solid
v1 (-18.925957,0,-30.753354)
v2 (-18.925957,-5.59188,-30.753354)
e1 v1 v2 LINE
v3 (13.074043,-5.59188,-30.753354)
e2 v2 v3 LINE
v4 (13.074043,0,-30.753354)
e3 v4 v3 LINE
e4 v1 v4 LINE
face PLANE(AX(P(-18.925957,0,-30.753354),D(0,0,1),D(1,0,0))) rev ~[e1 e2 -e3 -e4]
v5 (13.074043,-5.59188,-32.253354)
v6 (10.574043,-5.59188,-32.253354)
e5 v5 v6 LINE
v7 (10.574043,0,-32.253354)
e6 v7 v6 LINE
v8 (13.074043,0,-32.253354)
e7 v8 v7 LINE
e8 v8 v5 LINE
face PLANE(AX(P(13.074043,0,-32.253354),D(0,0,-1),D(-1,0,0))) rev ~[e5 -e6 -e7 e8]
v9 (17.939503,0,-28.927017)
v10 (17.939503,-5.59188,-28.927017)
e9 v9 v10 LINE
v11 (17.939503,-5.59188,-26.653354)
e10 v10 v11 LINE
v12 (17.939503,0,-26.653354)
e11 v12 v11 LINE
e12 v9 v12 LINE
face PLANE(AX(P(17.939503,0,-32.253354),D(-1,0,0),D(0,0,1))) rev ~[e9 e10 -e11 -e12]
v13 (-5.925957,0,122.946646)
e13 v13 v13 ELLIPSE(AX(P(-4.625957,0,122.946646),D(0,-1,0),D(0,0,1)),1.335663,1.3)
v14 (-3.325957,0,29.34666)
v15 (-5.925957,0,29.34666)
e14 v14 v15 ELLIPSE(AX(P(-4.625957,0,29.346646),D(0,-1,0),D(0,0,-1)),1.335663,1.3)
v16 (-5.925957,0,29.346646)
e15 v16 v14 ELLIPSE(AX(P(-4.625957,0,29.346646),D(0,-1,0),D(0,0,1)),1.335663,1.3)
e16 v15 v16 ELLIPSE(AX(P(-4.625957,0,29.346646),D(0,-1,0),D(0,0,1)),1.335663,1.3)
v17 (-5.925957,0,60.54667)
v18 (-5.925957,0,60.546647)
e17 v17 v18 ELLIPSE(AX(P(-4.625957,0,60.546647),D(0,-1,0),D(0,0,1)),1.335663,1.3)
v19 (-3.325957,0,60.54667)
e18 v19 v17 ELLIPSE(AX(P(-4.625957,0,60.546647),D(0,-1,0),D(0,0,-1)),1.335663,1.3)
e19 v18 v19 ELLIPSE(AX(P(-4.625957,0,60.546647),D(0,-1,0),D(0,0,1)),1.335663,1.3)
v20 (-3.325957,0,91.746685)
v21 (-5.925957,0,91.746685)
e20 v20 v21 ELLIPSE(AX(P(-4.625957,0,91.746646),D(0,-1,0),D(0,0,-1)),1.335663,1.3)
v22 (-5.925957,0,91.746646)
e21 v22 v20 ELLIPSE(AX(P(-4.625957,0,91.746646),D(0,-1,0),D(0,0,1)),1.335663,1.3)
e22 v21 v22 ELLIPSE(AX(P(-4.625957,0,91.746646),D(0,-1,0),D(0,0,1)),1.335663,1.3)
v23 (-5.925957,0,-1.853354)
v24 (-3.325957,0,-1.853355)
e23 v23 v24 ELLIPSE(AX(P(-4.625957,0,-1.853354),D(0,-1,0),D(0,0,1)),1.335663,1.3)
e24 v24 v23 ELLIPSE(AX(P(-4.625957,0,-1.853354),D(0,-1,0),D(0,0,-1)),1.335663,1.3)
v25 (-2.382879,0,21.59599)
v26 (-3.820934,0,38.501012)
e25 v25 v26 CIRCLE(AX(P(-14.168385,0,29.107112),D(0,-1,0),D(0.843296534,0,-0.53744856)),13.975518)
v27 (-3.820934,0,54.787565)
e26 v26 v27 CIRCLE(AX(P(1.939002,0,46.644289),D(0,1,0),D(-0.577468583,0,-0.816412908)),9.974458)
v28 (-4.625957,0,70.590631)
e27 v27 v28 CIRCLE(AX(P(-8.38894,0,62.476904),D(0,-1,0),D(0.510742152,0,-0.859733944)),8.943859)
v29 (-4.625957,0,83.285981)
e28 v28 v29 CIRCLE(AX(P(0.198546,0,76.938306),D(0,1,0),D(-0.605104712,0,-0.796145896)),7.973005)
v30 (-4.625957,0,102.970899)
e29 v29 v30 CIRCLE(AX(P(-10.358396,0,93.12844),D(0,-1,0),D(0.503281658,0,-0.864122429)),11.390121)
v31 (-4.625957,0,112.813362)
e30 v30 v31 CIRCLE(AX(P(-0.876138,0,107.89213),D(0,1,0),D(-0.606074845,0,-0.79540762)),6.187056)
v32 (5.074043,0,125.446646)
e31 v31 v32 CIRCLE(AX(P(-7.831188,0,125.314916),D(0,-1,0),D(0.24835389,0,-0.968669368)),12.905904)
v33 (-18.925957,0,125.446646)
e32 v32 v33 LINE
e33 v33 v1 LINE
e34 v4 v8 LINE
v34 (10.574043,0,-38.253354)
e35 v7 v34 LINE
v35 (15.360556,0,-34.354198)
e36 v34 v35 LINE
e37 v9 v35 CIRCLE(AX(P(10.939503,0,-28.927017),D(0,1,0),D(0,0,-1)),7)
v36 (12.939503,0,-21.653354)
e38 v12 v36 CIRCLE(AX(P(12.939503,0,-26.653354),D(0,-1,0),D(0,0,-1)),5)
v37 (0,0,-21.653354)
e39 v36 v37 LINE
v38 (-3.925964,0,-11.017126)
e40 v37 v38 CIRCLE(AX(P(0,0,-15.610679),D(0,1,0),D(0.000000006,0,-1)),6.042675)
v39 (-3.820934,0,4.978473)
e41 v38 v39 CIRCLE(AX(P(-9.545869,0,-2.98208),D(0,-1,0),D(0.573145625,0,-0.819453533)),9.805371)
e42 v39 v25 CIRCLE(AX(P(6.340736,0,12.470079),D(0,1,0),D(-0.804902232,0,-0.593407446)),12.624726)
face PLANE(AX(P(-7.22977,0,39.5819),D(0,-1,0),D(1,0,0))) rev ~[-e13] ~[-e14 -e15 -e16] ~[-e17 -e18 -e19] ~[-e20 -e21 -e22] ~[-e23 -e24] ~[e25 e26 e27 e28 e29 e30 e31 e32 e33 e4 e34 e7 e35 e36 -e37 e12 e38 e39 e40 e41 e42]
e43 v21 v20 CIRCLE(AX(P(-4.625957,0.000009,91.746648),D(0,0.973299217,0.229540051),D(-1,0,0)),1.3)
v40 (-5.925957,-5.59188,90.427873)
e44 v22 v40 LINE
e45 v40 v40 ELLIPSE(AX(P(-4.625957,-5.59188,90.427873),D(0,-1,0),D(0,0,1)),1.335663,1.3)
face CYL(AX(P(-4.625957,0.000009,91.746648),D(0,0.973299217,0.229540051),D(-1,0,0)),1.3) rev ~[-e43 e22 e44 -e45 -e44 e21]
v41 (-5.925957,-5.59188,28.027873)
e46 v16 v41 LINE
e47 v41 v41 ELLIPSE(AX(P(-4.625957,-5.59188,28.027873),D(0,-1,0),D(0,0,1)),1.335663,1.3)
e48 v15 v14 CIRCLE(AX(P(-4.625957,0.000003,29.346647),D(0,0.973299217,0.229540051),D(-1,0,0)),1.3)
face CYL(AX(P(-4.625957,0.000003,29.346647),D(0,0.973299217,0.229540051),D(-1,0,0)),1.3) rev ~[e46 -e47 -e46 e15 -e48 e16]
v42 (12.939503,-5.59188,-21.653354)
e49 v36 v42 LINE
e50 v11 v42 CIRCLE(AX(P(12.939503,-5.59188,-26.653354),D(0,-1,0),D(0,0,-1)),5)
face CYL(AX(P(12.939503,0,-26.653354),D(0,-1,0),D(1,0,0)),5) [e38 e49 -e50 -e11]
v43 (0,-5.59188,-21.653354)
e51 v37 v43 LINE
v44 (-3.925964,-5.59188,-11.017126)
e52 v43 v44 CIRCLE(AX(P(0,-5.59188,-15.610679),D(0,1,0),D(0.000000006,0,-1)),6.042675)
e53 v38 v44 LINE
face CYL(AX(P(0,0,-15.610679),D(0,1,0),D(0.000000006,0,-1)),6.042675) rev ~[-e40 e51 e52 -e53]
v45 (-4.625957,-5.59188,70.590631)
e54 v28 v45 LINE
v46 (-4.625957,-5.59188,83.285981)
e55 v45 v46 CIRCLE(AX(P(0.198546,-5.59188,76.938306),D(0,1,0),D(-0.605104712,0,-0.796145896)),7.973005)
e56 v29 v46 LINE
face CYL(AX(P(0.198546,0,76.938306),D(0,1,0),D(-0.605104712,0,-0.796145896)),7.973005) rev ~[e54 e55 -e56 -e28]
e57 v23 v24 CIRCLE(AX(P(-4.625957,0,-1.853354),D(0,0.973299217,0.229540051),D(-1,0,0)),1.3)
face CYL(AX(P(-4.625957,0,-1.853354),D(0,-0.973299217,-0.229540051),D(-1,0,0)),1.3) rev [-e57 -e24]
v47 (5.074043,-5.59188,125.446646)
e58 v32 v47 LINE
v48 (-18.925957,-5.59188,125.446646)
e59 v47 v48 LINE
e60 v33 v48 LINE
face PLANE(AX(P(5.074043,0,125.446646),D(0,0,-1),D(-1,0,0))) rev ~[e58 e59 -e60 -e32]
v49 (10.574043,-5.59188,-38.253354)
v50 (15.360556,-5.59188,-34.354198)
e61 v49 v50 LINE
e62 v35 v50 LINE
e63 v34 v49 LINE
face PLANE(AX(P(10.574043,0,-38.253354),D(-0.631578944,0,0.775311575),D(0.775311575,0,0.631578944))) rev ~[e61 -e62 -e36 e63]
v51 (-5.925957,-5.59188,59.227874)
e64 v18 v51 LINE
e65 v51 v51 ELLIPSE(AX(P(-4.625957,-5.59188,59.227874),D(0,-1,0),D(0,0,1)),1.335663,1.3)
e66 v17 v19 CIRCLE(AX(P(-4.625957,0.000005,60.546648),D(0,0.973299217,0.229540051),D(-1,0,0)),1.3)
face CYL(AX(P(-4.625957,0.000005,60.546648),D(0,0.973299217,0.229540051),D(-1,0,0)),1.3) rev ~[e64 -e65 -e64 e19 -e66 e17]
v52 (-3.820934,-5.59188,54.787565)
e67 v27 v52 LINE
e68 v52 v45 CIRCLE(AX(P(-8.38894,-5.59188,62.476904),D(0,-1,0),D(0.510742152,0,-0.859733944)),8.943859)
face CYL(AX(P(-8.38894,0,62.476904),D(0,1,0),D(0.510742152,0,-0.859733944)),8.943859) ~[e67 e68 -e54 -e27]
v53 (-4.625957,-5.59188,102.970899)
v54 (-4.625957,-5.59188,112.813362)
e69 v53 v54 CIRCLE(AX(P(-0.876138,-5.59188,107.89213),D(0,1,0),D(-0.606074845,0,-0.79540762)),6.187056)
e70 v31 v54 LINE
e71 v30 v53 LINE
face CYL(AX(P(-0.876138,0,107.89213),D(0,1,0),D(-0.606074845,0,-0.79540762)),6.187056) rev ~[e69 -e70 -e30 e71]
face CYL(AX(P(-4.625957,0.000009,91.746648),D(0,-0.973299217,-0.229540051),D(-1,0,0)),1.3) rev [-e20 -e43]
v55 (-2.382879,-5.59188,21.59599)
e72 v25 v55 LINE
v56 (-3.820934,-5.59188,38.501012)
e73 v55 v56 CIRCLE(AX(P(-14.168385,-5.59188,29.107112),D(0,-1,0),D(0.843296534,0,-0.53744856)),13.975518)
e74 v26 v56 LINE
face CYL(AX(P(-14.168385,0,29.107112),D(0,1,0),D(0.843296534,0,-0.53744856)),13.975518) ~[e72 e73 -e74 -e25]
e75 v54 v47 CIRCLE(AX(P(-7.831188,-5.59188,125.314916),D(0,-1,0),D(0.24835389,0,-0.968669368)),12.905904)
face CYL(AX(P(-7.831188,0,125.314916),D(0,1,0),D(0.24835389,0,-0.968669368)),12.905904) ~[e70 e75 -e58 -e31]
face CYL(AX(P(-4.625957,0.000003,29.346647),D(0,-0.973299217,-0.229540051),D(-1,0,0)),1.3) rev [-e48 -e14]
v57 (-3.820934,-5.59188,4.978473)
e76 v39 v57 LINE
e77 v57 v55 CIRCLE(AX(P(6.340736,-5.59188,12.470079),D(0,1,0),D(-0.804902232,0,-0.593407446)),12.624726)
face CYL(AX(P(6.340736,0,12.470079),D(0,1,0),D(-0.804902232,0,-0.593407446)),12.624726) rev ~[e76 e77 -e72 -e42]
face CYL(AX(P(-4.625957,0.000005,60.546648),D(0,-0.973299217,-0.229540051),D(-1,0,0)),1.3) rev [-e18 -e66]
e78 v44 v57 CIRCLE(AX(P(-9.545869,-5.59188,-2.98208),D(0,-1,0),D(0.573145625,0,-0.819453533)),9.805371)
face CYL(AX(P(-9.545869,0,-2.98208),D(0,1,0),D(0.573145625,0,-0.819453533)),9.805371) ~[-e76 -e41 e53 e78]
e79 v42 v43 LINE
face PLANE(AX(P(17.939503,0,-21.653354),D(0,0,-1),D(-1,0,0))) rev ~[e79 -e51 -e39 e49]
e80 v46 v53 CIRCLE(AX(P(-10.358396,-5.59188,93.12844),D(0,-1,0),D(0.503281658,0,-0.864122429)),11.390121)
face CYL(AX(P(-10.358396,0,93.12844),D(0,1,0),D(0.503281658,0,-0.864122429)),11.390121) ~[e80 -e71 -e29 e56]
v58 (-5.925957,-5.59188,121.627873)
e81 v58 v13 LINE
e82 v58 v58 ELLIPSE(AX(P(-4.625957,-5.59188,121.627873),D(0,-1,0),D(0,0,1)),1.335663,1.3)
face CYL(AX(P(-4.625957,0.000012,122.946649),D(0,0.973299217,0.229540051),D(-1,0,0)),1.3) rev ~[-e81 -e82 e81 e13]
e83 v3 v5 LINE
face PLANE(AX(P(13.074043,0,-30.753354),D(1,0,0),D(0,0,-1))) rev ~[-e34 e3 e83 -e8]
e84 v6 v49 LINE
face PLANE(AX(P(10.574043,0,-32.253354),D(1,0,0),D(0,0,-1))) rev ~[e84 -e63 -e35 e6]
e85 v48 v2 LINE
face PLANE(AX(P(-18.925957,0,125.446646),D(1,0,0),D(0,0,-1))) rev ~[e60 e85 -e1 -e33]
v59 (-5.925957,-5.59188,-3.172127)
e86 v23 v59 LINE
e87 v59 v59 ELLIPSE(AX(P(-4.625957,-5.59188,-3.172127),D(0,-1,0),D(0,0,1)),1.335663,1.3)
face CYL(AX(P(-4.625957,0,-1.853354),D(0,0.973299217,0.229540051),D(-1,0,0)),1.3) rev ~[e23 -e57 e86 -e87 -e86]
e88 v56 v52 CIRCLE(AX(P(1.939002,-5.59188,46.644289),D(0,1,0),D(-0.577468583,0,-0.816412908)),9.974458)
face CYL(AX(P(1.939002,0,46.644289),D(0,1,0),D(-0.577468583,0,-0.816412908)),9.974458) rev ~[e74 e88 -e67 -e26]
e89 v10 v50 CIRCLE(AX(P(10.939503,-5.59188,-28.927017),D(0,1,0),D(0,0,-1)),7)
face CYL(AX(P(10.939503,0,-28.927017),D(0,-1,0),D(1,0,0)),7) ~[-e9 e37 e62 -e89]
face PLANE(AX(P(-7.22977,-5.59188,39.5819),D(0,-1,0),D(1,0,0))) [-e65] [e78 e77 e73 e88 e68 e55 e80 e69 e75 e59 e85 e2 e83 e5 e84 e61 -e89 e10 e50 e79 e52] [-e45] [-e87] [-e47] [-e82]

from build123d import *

# Parameters (mm, degrees)
F11_DEPTH = 5.59188
F4_R      = 1.3
F5_R      = 1.3
F9_R      = 1.3
F6_R      = 1.3
F10_R     = 1.3
F12_DEPTH = 12.5
F13_R     = 5
F14_R     = 7


with BuildPart() as f11:
    # F0 (on Front) → F11 (new body)
    with BuildSketch(Plane.XZ):
        with BuildLine():
            Line((5.074043, 125.446646), (-18.925957, 125.446646))
            Line((-18.925957, 125.446646), (-18.925957, -30.753354))
            Line((-18.925957, -30.753354), (13.074043, -30.753354))
            Line((13.074043, -30.753354), (13.074043, -32.253354))
            Line((13.074043, -32.253354), (10.574043, -32.253354))
            Line((10.574043, -32.253354), (10.574043, -38.253354))
            Line((10.574043, -38.253354), (17.939503, -32.253354))
            Line((17.939503, -32.253354), (17.939503, -21.653354))
            Line((17.939503, -21.653354), (0, -21.653354))
            ThreePointArc((0, -21.653354), (-5.66883, -17.703115), (-3.925964, -11.017126))
            ThreePointArc((-3.925964, -11.017126), (0.25929, -3.046463), (-3.820934, 4.978473))
            ThreePointArc((-3.820934, 4.978473), (-6.236981, 13.558536), (-2.382879, 21.59599))
            ThreePointArc((-2.382879, 21.59599), (-0.24316, 30.291685), (-3.820934, 38.501012))
            ThreePointArc((-3.820934, 38.501012), (-8.035456, 46.644288), (-3.820934, 54.787565))
            ThreePointArc((-3.820934, 54.787565), (0.543337, 62.931922), (-4.625957, 70.590631))
            ThreePointArc((-4.625957, 70.590631), (-7.774459, 76.938306), (-4.625957, 83.285981))
            ThreePointArc((-4.625957, 83.285981), (1.031725, 93.12844), (-4.625957, 102.970899))
            ThreePointArc((-4.625957, 102.970899), (-7.063194, 107.892131), (-4.625957, 112.813362))
            ThreePointArc((-4.625957, 112.813362), (2.40535, 117.455168), (5.074043, 125.446646))
        make_face()
    extrude(amount=F11_DEPTH)

    # F4 (on face) + F5 (on face) + F9 (on face) + F6 (on face) + F10 (on face) → F12 (cut, symmetric)
    with BuildSketch(Plane(origin=(0, -0.41406, -0.097651), x_dir=(-1, 0, 0), z_dir=(0, 0.973299, 0.22954))):
        with Locations((4.625957, -1.803868)):
            Circle(F4_R)
    with BuildSketch(Plane(origin=(0, 6.556371, 1.546236), x_dir=(-1, 0, 0), z_dir=(0, 0.973299, 0.22954))):
        with Locations((4.625957, 28.563067)):
            Circle(F5_R)
    with BuildSketch(Plane(origin=(0, 20.497232, 4.83401), x_dir=(-1, 0, 0), z_dir=(0, 0.973299, 0.22954))):
        with Locations((4.625957, 89.296936)):
            Circle(F9_R)
    with BuildSketch(Plane(origin=(0, 13.526801, 3.190123), x_dir=(-1, 0, 0), z_dir=(0, 0.973299, 0.22954))):
        with Locations((4.625957, 58.930002)):
            Circle(F6_R)
    with BuildSketch(Plane(origin=(0, 27.467663, 6.477897), x_dir=(-1, 0, 0), z_dir=(0, 0.973299, 0.22954))):
        with Locations((4.625957, 119.663871)):
            Circle(F10_R)
    extrude(amount=F12_DEPTH, both=True, mode=Mode.SUBTRACT)

    # F13
    f13_edges = [f11.edges().sort_by_distance(p)[0] for p in [
        (17.939503, -2.79594, -21.653354),
    ]]
    fillet(f13_edges, radius=F13_R)

    # F14
    f14_edges = [f11.edges().sort_by_distance(p)[0] for p in [
        (17.939503, -2.79594, -32.253354),
    ]]
    fillet(f14_edges, radius=F14_R)


solid = f11.part
